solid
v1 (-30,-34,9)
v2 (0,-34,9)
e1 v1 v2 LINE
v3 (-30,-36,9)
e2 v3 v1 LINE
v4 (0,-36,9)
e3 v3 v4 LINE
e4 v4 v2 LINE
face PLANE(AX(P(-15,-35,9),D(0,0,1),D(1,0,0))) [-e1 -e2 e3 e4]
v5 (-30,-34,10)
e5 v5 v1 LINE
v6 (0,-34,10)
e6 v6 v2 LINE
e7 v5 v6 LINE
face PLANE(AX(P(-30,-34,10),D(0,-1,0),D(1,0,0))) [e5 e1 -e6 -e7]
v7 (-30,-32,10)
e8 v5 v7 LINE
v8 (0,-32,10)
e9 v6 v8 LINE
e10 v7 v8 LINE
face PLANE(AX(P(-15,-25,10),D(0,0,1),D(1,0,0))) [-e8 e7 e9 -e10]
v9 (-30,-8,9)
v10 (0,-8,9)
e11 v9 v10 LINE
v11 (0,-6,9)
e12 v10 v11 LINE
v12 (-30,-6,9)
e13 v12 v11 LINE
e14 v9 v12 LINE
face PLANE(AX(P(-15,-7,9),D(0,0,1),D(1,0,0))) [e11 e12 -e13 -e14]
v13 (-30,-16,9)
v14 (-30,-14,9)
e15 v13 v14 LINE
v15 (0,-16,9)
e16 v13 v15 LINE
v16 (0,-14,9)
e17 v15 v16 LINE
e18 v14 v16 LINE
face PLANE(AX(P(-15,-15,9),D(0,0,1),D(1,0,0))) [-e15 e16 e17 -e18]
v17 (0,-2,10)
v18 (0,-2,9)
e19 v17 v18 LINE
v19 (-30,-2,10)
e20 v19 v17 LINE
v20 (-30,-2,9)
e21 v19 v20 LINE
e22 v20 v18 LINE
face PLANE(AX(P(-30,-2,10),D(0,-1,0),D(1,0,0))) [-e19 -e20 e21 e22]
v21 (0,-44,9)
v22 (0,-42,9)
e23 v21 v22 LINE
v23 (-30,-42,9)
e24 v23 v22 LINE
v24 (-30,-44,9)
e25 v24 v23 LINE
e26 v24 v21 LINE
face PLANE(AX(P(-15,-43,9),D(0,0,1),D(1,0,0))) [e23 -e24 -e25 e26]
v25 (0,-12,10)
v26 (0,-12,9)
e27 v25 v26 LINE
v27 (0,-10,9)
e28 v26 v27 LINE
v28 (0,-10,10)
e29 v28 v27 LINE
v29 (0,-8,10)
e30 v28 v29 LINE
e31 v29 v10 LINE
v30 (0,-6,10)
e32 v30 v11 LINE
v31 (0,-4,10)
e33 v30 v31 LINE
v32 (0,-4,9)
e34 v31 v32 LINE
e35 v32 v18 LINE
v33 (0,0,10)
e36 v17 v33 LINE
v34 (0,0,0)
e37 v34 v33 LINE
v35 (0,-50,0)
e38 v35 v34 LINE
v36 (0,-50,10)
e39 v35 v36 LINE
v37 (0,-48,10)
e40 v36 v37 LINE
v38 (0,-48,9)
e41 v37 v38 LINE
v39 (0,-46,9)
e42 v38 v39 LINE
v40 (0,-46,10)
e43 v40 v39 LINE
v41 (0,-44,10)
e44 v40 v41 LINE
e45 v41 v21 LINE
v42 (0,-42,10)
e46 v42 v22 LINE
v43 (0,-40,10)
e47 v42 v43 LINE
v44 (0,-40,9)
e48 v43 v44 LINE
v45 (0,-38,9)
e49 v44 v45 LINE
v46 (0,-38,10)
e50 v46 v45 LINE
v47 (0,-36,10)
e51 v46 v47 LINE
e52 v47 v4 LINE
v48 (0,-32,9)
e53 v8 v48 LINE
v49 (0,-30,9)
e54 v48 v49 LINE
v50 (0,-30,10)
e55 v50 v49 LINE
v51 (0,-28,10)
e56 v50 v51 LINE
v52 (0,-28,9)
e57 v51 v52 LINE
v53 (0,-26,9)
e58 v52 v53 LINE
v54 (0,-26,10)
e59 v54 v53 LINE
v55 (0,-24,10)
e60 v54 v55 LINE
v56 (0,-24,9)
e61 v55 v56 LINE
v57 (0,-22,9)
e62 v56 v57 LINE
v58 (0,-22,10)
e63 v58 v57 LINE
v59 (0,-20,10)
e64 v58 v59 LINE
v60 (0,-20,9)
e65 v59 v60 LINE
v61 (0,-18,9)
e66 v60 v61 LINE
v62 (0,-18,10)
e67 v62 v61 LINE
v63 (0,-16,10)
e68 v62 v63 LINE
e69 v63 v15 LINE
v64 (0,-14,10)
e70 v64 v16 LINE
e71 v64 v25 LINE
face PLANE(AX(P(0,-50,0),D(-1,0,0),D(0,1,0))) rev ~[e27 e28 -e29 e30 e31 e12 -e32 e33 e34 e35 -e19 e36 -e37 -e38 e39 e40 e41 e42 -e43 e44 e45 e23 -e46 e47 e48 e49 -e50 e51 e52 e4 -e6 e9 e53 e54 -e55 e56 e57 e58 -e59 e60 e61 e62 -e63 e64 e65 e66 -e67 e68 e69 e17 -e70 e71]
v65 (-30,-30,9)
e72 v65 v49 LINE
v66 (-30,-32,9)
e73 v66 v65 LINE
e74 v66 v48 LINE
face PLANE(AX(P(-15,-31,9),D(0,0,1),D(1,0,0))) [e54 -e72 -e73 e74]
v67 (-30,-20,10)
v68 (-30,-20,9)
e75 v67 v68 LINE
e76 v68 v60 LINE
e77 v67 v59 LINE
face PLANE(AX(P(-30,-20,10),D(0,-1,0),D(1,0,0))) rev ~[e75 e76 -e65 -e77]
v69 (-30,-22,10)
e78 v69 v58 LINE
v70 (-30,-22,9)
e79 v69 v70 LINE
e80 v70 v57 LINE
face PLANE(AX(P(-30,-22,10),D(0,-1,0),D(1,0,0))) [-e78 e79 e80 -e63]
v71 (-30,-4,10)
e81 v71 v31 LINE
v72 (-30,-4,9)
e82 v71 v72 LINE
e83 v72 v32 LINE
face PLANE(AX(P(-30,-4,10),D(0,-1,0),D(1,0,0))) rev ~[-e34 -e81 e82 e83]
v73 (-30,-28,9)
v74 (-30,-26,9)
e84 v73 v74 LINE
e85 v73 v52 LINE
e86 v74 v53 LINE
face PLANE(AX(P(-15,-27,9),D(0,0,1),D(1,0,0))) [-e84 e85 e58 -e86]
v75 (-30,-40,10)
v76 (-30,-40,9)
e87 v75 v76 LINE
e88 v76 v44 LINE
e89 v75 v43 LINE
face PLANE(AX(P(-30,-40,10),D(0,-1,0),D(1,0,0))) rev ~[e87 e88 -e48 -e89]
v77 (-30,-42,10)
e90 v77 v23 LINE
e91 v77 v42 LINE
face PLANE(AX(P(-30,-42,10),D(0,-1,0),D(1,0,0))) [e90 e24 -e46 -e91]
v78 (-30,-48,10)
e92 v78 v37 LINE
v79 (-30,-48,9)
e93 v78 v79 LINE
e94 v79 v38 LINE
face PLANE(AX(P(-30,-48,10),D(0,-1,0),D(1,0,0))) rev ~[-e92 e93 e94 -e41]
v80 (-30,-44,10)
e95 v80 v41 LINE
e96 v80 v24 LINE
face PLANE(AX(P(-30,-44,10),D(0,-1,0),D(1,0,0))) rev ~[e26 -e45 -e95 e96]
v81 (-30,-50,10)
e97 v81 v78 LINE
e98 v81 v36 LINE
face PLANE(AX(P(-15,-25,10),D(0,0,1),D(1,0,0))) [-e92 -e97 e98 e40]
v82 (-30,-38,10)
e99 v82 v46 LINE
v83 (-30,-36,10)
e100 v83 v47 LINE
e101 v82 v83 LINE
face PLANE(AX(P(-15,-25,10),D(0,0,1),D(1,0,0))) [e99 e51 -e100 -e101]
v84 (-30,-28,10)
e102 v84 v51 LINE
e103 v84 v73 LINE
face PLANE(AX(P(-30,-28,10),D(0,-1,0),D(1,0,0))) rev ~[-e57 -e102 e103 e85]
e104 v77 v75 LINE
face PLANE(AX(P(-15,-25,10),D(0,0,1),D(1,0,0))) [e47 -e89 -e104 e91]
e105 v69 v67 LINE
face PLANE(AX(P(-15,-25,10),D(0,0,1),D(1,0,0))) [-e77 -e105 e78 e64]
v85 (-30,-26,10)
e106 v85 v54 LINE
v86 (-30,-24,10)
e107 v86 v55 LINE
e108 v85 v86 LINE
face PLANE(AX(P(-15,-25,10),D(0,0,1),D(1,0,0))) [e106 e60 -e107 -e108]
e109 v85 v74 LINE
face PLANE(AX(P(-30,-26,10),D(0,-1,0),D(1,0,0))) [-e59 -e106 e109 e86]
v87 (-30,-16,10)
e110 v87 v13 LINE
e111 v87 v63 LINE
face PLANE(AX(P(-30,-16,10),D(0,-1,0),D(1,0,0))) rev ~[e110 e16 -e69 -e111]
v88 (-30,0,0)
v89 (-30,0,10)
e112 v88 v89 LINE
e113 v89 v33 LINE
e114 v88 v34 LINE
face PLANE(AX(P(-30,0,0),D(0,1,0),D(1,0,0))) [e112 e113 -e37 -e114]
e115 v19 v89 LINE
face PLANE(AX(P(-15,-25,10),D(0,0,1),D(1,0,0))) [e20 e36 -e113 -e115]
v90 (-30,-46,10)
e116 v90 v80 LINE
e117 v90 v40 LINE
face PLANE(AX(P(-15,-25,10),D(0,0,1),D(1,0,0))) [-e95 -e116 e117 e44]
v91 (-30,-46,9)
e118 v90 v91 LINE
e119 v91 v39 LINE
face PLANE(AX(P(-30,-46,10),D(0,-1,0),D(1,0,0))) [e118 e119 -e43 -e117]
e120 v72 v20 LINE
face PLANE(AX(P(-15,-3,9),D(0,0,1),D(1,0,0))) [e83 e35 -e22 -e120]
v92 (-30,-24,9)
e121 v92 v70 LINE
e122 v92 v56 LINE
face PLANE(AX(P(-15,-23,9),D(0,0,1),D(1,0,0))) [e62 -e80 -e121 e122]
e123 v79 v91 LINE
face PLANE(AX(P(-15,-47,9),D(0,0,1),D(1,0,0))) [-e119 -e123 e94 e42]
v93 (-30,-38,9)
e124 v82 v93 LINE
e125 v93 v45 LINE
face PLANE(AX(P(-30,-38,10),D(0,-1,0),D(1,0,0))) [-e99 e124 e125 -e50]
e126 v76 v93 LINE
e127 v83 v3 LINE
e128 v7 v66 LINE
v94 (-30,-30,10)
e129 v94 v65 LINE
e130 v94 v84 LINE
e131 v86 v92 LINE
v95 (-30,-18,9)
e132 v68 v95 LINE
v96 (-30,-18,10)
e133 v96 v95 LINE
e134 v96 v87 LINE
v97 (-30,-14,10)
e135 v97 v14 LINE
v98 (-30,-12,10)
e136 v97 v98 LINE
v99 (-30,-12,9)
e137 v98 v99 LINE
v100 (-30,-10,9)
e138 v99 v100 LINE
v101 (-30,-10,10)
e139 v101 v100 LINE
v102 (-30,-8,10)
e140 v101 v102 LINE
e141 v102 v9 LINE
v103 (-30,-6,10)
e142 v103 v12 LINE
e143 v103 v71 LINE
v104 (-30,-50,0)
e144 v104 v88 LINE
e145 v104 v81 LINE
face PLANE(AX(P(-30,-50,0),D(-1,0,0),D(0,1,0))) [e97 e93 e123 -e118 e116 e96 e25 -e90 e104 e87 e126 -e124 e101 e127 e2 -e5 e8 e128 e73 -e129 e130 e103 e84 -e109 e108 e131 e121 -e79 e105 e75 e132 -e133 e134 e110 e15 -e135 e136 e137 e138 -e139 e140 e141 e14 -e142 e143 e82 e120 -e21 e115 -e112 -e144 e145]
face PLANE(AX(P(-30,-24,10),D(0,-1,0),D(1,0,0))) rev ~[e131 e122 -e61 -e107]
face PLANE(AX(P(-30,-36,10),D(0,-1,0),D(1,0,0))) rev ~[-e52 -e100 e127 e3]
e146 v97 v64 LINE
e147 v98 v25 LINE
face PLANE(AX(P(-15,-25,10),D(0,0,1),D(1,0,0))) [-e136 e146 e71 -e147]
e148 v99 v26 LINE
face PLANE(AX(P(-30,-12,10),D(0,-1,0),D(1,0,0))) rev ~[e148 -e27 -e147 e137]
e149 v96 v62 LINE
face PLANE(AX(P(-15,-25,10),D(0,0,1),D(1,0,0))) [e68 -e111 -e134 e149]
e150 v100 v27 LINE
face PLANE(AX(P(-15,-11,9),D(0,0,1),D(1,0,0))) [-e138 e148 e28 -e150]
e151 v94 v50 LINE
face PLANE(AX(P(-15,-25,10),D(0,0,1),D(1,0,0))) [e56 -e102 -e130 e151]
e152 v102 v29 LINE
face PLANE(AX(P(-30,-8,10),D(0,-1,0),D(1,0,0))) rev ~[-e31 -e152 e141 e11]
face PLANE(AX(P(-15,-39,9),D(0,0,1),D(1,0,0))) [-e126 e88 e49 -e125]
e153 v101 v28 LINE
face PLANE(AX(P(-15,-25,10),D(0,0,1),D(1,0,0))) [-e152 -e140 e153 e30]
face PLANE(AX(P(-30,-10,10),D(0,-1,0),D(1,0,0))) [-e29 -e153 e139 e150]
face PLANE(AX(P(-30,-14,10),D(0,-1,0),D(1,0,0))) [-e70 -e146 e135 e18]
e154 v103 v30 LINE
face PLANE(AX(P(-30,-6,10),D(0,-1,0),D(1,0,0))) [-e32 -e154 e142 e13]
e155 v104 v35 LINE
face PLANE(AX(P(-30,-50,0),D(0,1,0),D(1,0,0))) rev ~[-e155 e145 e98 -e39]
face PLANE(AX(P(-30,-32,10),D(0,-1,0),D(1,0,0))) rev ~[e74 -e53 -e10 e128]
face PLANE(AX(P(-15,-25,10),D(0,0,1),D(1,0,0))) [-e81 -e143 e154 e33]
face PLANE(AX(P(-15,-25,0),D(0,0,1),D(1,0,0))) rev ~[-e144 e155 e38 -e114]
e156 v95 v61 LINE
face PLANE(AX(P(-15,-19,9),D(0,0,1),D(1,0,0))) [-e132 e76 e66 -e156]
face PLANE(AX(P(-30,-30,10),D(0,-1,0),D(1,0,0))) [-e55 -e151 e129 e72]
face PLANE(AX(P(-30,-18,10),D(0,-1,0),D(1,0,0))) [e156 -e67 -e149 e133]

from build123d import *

# Parameters (mm, degrees)
SKETCH1_W           = 30
SKETCH1_H           = 50
BOSS_EXTRUDE1_DEPTH = 10
SKETCH2_W           = 30
SKETCH2_H           = 2
CUT_EXTRUDE3_DEPTH  = 1


with BuildPart() as part:
    # Sketch1 → Boss-Extrude1 (new body)
    with BuildSketch(Plane.XY):
        with Locations((-15, -25)):
            Rectangle(SKETCH1_W, SKETCH1_H)
    extrude(amount=BOSS_EXTRUDE1_DEPTH)

    # Sketch2 → Cut-Extrude3 (cut)
    with BuildSketch(Plane.XY.offset(10)):
        with Locations((-15, -3)):
            Rectangle(SKETCH2_W, SKETCH2_H)
        with Locations((-15, -7)):
            Rectangle(SKETCH2_W, SKETCH2_H)
        with Locations((-15, -11)):
            Rectangle(SKETCH2_W, SKETCH2_H)
        with Locations((-15, -15)):
            Rectangle(SKETCH2_W, SKETCH2_H)
        with Locations((-15, -19)):
            Rectangle(SKETCH2_W, SKETCH2_H)
        with Locations((-15, -23)):
            Rectangle(SKETCH2_W, SKETCH2_H)
        with Locations((-15, -27)):
            Rectangle(SKETCH2_W, SKETCH2_H)
        with Locations((-15, -31)):
            Rectangle(SKETCH2_W, SKETCH2_H)
        with Locations((-15, -35)):
            Rectangle(SKETCH2_W, SKETCH2_H)
        with Locations((-15, -39)):
            Rectangle(SKETCH2_W, SKETCH2_H)
        with Locations((-15, -43)):
            Rectangle(SKETCH2_W, SKETCH2_H)
        with Locations((-15, -47)):
            Rectangle(SKETCH2_W, SKETCH2_H)
    extrude(amount=-CUT_EXTRUDE3_DEPTH, mode=Mode.SUBTRACT)


solid = part.part
